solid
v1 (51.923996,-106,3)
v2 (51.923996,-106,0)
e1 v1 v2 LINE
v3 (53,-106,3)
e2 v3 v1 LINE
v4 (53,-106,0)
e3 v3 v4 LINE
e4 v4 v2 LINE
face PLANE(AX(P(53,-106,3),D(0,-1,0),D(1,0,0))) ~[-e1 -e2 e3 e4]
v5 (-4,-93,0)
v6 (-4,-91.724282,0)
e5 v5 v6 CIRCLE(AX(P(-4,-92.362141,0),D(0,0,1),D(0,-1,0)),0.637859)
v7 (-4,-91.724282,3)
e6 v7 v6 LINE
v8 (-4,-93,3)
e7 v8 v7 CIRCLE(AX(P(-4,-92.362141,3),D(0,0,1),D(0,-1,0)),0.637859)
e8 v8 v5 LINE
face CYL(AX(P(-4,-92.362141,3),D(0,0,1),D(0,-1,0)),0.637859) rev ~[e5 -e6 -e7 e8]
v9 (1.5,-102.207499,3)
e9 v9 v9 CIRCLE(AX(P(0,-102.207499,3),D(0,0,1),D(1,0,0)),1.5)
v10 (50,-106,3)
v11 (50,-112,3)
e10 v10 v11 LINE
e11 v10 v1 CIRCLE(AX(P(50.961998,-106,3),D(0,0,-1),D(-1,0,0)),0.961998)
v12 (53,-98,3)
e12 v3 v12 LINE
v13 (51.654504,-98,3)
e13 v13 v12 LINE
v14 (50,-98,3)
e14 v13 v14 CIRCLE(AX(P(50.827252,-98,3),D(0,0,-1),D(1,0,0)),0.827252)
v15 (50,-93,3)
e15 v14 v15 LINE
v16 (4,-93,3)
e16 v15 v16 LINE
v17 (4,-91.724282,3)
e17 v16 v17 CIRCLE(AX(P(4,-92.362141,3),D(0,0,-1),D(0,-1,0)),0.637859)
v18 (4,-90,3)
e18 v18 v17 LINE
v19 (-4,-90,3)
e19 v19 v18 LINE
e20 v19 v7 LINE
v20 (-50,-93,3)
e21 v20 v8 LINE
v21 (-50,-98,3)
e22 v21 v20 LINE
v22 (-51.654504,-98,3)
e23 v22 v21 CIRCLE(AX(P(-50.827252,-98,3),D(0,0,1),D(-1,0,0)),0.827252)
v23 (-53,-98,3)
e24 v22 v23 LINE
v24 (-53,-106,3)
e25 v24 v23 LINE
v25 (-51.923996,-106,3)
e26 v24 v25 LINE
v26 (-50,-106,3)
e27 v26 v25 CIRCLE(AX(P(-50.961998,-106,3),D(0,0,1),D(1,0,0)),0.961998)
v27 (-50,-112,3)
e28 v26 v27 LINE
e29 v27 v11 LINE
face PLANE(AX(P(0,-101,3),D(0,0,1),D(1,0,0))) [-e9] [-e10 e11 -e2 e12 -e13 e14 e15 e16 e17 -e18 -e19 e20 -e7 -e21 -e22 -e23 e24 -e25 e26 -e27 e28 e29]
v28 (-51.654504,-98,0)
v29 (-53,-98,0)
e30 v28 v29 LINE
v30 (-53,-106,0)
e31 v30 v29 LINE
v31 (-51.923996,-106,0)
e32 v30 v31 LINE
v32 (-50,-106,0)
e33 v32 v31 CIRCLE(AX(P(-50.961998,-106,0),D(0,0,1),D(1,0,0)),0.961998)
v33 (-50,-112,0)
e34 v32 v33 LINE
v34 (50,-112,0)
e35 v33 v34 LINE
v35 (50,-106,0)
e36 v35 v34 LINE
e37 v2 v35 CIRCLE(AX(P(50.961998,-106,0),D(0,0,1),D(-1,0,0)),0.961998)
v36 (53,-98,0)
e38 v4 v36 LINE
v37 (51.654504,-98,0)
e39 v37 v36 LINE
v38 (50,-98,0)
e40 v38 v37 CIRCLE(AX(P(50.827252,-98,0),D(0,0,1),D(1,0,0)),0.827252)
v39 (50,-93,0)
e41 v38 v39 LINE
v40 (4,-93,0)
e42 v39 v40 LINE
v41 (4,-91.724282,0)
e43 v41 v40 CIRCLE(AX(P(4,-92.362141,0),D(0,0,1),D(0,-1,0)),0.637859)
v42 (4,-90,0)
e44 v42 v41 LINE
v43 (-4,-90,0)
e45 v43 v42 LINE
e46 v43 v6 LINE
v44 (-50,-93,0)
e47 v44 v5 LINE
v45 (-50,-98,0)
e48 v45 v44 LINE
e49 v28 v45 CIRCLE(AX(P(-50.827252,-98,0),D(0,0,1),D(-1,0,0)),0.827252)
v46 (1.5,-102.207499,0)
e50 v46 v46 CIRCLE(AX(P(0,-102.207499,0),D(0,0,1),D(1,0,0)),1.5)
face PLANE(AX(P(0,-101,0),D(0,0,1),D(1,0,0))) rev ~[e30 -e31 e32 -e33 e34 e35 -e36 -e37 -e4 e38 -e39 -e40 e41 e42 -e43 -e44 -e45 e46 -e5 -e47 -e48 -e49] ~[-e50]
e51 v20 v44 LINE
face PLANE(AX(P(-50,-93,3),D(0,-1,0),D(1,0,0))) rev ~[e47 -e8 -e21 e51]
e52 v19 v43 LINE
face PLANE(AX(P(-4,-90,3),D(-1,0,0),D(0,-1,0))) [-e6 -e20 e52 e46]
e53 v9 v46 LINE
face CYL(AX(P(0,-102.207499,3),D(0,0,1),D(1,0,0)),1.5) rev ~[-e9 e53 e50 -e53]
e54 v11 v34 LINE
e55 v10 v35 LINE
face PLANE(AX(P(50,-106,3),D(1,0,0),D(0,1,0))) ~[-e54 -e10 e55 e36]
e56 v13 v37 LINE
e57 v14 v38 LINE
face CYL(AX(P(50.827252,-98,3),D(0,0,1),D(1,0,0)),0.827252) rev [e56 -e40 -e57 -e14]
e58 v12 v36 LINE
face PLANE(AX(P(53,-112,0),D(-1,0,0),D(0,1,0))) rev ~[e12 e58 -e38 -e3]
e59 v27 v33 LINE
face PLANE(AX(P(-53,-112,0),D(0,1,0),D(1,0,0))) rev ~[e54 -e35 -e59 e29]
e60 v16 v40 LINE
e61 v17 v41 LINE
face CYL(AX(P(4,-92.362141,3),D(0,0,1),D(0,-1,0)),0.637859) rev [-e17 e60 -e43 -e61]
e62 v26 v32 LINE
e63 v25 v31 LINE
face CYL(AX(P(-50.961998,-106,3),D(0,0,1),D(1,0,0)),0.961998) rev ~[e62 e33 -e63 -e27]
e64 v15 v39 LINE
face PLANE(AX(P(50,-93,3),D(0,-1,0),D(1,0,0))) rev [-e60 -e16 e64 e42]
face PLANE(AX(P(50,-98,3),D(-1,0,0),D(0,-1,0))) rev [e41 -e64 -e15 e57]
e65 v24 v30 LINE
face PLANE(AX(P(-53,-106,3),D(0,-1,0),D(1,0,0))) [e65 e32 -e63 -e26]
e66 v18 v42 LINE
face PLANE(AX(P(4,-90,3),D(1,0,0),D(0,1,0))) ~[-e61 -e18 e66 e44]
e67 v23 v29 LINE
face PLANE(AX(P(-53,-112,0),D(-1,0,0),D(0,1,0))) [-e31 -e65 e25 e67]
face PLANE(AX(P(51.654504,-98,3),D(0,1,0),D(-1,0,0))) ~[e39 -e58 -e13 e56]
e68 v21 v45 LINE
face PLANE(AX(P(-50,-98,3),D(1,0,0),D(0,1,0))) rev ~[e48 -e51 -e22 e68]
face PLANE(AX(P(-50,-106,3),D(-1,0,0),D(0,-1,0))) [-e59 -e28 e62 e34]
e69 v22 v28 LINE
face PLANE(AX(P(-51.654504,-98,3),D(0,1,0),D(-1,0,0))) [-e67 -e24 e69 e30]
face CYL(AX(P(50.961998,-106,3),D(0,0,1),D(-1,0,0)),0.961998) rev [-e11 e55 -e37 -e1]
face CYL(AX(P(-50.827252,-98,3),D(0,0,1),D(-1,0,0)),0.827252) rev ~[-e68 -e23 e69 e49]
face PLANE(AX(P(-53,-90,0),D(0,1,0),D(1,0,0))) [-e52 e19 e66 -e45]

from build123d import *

# Parameters (mm, degrees)
SKETCH009_W        = 106
SKETCH009_H        = 22
PAD003_DEPTH       = 3
POCKET003002_DEPTH = 219.602016
SKETCH001007_R     = 1.5
POCKET003007_DEPTH = 3.001


with BuildPart() as part:
    # Sketch009 → Pad003 (new body)
    with BuildSketch(Plane.XY):
        with Locations((0, -101)):
            Rectangle(SKETCH009_W, SKETCH009_H)
    extrude(amount=PAD003_DEPTH)

    # Sketch001001 → Pocket003002 (cut, through all)
    with BuildSketch(Plane.XY.offset(3)):
        with BuildLine():
            Line((-50, -106), (-50, -112))
            Line((-50, -112), (-53, -112))
            Line((-53, -112), (-53, -106))
            Line((-53, -106), (-51.923996, -106))
            ThreePointArc((-50, -106), (-50.961998, -105.038002), (-51.923996, -106))
        make_face()
        with BuildLine():
            Line((-4, -90), (-53, -90))
            Line((-53, -90), (-53, -98))
            Line((-51.654504, -98), (-53, -98))
            ThreePointArc((-51.654504, -98), (-50.827252, -98.827252), (-50, -98))
            Line((-50, -98), (-50, -93))
            Line((-50, -93), (-4, -93))
            ThreePointArc((-4, -93), (-3.362141, -92.362141), (-4, -91.724282))
            Line((-4, -90), (-4, -91.724282))
        make_face()
    pocket003002 = extrude(amount=-POCKET003002_DEPTH, mode=Mode.SUBTRACT)

    # Mirrored002: Pocket003002 across Sketch001001 V_Axis
    add(pocket003002.mirror(Plane(origin=(0, 0, 3), x_dir=(0, 0, 1), z_dir=(1, 0, 0))), mode=Mode.SUBTRACT)

    # Sketch001007 → Pocket003007 (cut, through all)
    with BuildSketch(Plane.XY.offset(3)):
        with Locations((0, -102.207499)):
            Circle(SKETCH001007_R)
    extrude(amount=-POCKET003007_DEPTH, mode=Mode.SUBTRACT)


solid = part.part
